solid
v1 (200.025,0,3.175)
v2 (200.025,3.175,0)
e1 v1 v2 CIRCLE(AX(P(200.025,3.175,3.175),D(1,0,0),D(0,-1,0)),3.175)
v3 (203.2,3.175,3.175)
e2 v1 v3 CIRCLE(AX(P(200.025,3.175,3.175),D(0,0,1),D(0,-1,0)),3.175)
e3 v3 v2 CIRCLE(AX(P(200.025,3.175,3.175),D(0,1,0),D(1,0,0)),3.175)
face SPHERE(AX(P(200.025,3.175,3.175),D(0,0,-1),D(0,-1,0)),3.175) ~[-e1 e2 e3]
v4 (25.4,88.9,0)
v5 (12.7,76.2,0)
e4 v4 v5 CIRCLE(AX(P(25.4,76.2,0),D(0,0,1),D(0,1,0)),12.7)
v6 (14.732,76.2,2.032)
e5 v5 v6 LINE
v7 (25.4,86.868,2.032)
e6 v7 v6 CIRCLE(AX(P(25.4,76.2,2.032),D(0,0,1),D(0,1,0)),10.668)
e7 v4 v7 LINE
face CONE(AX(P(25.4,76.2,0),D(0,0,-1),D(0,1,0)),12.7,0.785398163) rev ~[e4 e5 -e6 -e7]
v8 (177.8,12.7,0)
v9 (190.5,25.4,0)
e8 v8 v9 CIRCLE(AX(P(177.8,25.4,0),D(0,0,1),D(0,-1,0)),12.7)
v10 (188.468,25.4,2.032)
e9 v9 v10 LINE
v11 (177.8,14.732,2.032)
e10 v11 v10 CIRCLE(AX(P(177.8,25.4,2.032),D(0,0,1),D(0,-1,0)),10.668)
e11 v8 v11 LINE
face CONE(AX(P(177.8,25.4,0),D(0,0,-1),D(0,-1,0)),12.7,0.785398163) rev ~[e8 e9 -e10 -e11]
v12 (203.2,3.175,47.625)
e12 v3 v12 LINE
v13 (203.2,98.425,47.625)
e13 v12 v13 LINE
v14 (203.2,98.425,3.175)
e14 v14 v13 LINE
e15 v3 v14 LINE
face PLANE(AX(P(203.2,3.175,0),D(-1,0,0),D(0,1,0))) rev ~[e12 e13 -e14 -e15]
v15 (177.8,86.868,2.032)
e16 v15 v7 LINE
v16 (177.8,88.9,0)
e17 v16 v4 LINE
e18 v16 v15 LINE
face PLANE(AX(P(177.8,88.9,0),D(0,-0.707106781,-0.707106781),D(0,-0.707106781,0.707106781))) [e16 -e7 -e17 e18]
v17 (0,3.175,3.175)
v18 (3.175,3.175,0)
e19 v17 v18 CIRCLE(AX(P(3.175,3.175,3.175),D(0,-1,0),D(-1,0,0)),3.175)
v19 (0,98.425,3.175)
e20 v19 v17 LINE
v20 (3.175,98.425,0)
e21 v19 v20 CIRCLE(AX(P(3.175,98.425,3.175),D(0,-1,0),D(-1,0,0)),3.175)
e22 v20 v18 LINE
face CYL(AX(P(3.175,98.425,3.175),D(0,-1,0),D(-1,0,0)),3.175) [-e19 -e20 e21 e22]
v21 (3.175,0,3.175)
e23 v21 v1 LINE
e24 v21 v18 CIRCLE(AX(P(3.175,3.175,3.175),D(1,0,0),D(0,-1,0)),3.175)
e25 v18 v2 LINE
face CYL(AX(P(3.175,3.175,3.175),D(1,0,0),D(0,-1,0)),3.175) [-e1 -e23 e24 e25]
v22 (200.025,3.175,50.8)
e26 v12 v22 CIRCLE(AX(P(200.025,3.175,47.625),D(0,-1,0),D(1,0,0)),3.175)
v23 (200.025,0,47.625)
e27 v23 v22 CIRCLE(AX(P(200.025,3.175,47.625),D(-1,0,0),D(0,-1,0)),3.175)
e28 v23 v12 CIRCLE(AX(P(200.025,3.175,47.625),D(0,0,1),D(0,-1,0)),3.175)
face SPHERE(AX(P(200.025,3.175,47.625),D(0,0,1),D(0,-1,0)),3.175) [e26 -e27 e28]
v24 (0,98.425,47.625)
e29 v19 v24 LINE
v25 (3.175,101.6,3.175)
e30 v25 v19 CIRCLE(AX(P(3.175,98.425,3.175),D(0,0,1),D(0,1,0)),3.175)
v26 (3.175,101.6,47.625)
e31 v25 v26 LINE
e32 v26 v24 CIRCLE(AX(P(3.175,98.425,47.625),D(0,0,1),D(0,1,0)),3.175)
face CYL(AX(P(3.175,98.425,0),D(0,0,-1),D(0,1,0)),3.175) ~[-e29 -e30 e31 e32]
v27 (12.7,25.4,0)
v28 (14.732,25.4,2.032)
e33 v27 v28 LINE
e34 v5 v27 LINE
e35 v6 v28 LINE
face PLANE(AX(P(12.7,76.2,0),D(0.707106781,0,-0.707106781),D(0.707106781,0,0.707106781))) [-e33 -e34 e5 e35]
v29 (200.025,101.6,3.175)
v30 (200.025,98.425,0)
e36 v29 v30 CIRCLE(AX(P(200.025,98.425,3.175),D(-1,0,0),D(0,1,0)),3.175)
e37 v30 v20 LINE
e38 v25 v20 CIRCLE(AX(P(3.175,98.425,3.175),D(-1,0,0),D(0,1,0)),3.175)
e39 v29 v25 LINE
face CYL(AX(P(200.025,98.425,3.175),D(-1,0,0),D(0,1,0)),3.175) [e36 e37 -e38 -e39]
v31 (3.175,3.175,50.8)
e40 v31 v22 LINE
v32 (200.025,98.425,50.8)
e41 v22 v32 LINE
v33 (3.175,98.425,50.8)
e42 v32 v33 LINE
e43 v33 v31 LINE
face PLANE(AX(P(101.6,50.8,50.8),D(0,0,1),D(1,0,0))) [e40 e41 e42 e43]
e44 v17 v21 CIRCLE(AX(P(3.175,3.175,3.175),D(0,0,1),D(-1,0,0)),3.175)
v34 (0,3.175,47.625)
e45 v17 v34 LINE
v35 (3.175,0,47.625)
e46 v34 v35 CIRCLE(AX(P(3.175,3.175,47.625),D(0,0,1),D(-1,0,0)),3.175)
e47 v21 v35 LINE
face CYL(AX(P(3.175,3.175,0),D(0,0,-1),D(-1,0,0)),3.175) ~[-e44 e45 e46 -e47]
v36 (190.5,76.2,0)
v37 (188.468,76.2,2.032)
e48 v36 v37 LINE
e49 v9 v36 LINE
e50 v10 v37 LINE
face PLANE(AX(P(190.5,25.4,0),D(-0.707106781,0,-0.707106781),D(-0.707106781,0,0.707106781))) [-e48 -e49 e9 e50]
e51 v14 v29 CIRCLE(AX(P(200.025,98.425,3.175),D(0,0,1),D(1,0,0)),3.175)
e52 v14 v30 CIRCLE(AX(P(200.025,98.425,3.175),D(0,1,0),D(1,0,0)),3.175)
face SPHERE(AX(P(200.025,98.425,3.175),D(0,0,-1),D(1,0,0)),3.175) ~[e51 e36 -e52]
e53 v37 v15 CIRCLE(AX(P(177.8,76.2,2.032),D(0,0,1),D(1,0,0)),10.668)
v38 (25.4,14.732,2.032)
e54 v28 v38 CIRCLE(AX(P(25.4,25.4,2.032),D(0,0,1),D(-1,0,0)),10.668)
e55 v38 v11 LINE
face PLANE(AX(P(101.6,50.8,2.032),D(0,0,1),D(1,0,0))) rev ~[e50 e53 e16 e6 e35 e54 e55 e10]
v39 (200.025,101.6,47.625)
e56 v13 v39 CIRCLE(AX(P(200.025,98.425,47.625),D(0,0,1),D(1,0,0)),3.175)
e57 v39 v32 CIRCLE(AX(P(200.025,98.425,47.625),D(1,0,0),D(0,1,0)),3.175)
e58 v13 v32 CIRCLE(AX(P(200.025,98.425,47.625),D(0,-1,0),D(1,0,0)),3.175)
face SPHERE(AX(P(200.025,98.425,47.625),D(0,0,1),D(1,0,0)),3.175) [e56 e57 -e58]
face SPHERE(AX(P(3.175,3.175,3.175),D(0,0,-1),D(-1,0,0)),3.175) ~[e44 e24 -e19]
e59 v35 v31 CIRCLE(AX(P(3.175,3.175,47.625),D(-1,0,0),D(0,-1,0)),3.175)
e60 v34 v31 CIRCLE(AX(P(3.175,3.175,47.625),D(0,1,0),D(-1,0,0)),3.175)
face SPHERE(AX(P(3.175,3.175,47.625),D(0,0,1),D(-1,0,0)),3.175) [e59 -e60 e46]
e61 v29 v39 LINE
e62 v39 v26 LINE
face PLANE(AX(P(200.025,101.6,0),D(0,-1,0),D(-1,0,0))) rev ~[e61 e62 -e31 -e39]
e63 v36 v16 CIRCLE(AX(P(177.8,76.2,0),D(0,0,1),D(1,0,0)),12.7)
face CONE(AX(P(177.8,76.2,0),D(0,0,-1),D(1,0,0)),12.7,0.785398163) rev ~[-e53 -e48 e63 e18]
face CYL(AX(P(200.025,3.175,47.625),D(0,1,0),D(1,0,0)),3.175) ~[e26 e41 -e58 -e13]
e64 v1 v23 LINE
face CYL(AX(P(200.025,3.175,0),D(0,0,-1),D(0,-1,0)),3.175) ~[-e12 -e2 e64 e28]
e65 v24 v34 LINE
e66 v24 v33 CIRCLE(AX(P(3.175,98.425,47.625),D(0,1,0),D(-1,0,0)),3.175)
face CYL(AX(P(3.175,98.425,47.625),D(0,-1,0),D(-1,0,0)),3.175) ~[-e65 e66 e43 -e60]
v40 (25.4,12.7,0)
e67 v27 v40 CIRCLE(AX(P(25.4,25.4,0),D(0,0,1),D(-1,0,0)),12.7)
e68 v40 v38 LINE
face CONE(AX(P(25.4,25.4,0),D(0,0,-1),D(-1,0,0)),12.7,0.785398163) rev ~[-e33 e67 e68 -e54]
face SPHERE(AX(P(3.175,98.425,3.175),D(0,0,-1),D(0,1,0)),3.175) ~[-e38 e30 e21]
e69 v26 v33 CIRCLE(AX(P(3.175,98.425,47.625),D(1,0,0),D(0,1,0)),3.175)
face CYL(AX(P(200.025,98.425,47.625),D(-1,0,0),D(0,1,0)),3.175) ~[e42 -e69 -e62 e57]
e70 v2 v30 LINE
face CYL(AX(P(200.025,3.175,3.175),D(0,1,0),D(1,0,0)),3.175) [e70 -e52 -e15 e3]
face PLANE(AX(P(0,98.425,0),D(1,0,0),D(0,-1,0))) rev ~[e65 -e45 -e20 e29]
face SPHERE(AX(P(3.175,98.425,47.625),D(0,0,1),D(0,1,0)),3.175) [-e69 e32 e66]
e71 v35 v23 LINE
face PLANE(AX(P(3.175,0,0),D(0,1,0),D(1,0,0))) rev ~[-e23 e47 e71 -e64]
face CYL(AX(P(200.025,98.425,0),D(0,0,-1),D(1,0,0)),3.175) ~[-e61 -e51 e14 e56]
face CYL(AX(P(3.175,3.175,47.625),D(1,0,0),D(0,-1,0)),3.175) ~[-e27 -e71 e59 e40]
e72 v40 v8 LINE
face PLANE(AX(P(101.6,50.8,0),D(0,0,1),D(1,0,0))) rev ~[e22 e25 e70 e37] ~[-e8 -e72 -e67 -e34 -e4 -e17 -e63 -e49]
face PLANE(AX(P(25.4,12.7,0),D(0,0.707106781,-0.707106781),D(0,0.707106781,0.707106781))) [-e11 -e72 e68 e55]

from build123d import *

# Parameters (mm, degrees)
F1_DEPTH = 50.8
F2_R     = 3.175
F3_R     = 3.175
F4_DEPTH = 2.032
F4_TAPER = 45


with BuildPart() as f1:
    # F0 (on Top) → F1 (new body)
    with BuildSketch(Plane.XY):
        with BuildLine():
            ThreePointArc((0, 3.175), (0.9299359697, 0.9299359697), (3.175, 0))
            Line((3.175, 0), (200.025, 0))
            ThreePointArc((200.025, 0), (202.2700640303, 0.9299359697), (203.2, 3.175))
            Line((203.2, 3.175), (203.2, 98.425))
            ThreePointArc((203.2, 98.425), (202.2700640303, 100.6700640303), (200.025, 101.6))
            Line((200.025, 101.6), (3.175, 101.6))
            ThreePointArc((3.175, 101.6), (0.9299359697, 100.6700640303), (0, 98.425))
            Line((0, 98.425), (0, 3.175))
        make_face()
        with BuildLine():
            ThreePointArc((12.7000001431, 76.1999998569), (16.419744022, 85.180255978), (25.4000001431, 88.8999998569))
            Line((25.4000001431, 88.8999998569), (177.7999998569, 88.8999998569))
            ThreePointArc((177.7999998569, 88.8999998569), (186.780255978, 85.180255978), (190.4999998569, 76.1999998569))
            Line((190.4999998569, 76.1999998569), (190.4999998569, 25.4000001431))
            ThreePointArc((190.4999998569, 25.4000001431), (186.780255978, 16.419744022), (177.7999998569, 12.7000001431))
            Line((177.7999998569, 12.7000001431), (25.4000001431, 12.7000001431))
            ThreePointArc((25.4000001431, 12.7000001431), (16.419744022, 16.419744022), (12.7000001431, 25.4000001431))
            Line((12.7000001431, 25.4000001431), (12.7000001431, 76.1999998569))
        make_face(mode=Mode.SUBTRACT)
        with BuildLine():
            Line((177.7999998569, 88.8999998569), (25.4000001431, 88.8999998569))
            ThreePointArc((25.4000001431, 88.8999998569), (16.419744022, 85.180255978), (12.7000001431, 76.1999998569))
            Line((12.7000001431, 76.1999998569), (12.7000001431, 25.4000001431))
            ThreePointArc((12.7000001431, 25.4000001431), (16.419744022, 16.419744022), (25.4000001431, 12.7000001431))
            Line((25.4000001431, 12.7000001431), (177.7999998569, 12.7000001431))
            ThreePointArc((177.7999998569, 12.7000001431), (186.780255978, 16.419744022), (190.4999998569, 25.4000001431))
            Line((190.4999998569, 25.4000001431), (190.4999998569, 76.1999998569))
            ThreePointArc((190.4999998569, 76.1999998569), (186.780255978, 85.180255978), (177.7999998569, 88.8999998569))
        make_face()
    extrude(amount=F1_DEPTH)

    # F2
    f2_edges = [f1.edges().sort_by_distance(p)[0] for p in [
        (0, 50.8, 0),
        (0.929936, 0.929936, 0),
        (101.6, 0, 0),
        (202.270064, 0.929936, 0),
        (203.2, 50.8, 0),
        (202.270064, 100.670064, 0),
        (101.6, 101.6, 0),
        (0.929936, 100.670064, 0),
    ]]
    fillet(f2_edges, radius=F2_R)

    # F3
    f3_edges = [f1.edges().sort_by_distance(p)[0] for p in [
        (0, 50.8, 50.8),
        (0.929936, 0.929936, 50.8),
        (101.6, 0, 50.8),
        (202.270064, 0.929936, 50.8),
        (203.2, 50.8, 50.8),
        (202.270064, 100.670064, 50.8),
        (101.6, 101.6, 50.8),
        (0.929936, 100.670064, 50.8),
    ]]
    fillet(f3_edges, radius=F3_R)

    # F0 (on Top) → F4 (cut)
    with BuildSketch(Plane.XY):
        with BuildLine():
            Line((177.7999998569, 88.8999998569), (25.4000001431, 88.8999998569))
            ThreePointArc((25.4000001431, 88.8999998569), (16.419744022, 85.180255978), (12.7000001431, 76.1999998569))
            Line((12.7000001431, 76.1999998569), (12.7000001431, 25.4000001431))
            ThreePointArc((12.7000001431, 25.4000001431), (16.419744022, 16.419744022), (25.4000001431, 12.7000001431))
            Line((25.4000001431, 12.7000001431), (177.7999998569, 12.7000001431))
            ThreePointArc((177.7999998569, 12.7000001431), (186.780255978, 16.419744022), (190.4999998569, 25.4000001431))
            Line((190.4999998569, 25.4000001431), (190.4999998569, 76.1999998569))
            ThreePointArc((190.4999998569, 76.1999998569), (186.780255978, 85.180255978), (177.7999998569, 88.8999998569))
        make_face()
    extrude(amount=F4_DEPTH, taper=F4_TAPER, mode=Mode.SUBTRACT)


solid = f1.part
